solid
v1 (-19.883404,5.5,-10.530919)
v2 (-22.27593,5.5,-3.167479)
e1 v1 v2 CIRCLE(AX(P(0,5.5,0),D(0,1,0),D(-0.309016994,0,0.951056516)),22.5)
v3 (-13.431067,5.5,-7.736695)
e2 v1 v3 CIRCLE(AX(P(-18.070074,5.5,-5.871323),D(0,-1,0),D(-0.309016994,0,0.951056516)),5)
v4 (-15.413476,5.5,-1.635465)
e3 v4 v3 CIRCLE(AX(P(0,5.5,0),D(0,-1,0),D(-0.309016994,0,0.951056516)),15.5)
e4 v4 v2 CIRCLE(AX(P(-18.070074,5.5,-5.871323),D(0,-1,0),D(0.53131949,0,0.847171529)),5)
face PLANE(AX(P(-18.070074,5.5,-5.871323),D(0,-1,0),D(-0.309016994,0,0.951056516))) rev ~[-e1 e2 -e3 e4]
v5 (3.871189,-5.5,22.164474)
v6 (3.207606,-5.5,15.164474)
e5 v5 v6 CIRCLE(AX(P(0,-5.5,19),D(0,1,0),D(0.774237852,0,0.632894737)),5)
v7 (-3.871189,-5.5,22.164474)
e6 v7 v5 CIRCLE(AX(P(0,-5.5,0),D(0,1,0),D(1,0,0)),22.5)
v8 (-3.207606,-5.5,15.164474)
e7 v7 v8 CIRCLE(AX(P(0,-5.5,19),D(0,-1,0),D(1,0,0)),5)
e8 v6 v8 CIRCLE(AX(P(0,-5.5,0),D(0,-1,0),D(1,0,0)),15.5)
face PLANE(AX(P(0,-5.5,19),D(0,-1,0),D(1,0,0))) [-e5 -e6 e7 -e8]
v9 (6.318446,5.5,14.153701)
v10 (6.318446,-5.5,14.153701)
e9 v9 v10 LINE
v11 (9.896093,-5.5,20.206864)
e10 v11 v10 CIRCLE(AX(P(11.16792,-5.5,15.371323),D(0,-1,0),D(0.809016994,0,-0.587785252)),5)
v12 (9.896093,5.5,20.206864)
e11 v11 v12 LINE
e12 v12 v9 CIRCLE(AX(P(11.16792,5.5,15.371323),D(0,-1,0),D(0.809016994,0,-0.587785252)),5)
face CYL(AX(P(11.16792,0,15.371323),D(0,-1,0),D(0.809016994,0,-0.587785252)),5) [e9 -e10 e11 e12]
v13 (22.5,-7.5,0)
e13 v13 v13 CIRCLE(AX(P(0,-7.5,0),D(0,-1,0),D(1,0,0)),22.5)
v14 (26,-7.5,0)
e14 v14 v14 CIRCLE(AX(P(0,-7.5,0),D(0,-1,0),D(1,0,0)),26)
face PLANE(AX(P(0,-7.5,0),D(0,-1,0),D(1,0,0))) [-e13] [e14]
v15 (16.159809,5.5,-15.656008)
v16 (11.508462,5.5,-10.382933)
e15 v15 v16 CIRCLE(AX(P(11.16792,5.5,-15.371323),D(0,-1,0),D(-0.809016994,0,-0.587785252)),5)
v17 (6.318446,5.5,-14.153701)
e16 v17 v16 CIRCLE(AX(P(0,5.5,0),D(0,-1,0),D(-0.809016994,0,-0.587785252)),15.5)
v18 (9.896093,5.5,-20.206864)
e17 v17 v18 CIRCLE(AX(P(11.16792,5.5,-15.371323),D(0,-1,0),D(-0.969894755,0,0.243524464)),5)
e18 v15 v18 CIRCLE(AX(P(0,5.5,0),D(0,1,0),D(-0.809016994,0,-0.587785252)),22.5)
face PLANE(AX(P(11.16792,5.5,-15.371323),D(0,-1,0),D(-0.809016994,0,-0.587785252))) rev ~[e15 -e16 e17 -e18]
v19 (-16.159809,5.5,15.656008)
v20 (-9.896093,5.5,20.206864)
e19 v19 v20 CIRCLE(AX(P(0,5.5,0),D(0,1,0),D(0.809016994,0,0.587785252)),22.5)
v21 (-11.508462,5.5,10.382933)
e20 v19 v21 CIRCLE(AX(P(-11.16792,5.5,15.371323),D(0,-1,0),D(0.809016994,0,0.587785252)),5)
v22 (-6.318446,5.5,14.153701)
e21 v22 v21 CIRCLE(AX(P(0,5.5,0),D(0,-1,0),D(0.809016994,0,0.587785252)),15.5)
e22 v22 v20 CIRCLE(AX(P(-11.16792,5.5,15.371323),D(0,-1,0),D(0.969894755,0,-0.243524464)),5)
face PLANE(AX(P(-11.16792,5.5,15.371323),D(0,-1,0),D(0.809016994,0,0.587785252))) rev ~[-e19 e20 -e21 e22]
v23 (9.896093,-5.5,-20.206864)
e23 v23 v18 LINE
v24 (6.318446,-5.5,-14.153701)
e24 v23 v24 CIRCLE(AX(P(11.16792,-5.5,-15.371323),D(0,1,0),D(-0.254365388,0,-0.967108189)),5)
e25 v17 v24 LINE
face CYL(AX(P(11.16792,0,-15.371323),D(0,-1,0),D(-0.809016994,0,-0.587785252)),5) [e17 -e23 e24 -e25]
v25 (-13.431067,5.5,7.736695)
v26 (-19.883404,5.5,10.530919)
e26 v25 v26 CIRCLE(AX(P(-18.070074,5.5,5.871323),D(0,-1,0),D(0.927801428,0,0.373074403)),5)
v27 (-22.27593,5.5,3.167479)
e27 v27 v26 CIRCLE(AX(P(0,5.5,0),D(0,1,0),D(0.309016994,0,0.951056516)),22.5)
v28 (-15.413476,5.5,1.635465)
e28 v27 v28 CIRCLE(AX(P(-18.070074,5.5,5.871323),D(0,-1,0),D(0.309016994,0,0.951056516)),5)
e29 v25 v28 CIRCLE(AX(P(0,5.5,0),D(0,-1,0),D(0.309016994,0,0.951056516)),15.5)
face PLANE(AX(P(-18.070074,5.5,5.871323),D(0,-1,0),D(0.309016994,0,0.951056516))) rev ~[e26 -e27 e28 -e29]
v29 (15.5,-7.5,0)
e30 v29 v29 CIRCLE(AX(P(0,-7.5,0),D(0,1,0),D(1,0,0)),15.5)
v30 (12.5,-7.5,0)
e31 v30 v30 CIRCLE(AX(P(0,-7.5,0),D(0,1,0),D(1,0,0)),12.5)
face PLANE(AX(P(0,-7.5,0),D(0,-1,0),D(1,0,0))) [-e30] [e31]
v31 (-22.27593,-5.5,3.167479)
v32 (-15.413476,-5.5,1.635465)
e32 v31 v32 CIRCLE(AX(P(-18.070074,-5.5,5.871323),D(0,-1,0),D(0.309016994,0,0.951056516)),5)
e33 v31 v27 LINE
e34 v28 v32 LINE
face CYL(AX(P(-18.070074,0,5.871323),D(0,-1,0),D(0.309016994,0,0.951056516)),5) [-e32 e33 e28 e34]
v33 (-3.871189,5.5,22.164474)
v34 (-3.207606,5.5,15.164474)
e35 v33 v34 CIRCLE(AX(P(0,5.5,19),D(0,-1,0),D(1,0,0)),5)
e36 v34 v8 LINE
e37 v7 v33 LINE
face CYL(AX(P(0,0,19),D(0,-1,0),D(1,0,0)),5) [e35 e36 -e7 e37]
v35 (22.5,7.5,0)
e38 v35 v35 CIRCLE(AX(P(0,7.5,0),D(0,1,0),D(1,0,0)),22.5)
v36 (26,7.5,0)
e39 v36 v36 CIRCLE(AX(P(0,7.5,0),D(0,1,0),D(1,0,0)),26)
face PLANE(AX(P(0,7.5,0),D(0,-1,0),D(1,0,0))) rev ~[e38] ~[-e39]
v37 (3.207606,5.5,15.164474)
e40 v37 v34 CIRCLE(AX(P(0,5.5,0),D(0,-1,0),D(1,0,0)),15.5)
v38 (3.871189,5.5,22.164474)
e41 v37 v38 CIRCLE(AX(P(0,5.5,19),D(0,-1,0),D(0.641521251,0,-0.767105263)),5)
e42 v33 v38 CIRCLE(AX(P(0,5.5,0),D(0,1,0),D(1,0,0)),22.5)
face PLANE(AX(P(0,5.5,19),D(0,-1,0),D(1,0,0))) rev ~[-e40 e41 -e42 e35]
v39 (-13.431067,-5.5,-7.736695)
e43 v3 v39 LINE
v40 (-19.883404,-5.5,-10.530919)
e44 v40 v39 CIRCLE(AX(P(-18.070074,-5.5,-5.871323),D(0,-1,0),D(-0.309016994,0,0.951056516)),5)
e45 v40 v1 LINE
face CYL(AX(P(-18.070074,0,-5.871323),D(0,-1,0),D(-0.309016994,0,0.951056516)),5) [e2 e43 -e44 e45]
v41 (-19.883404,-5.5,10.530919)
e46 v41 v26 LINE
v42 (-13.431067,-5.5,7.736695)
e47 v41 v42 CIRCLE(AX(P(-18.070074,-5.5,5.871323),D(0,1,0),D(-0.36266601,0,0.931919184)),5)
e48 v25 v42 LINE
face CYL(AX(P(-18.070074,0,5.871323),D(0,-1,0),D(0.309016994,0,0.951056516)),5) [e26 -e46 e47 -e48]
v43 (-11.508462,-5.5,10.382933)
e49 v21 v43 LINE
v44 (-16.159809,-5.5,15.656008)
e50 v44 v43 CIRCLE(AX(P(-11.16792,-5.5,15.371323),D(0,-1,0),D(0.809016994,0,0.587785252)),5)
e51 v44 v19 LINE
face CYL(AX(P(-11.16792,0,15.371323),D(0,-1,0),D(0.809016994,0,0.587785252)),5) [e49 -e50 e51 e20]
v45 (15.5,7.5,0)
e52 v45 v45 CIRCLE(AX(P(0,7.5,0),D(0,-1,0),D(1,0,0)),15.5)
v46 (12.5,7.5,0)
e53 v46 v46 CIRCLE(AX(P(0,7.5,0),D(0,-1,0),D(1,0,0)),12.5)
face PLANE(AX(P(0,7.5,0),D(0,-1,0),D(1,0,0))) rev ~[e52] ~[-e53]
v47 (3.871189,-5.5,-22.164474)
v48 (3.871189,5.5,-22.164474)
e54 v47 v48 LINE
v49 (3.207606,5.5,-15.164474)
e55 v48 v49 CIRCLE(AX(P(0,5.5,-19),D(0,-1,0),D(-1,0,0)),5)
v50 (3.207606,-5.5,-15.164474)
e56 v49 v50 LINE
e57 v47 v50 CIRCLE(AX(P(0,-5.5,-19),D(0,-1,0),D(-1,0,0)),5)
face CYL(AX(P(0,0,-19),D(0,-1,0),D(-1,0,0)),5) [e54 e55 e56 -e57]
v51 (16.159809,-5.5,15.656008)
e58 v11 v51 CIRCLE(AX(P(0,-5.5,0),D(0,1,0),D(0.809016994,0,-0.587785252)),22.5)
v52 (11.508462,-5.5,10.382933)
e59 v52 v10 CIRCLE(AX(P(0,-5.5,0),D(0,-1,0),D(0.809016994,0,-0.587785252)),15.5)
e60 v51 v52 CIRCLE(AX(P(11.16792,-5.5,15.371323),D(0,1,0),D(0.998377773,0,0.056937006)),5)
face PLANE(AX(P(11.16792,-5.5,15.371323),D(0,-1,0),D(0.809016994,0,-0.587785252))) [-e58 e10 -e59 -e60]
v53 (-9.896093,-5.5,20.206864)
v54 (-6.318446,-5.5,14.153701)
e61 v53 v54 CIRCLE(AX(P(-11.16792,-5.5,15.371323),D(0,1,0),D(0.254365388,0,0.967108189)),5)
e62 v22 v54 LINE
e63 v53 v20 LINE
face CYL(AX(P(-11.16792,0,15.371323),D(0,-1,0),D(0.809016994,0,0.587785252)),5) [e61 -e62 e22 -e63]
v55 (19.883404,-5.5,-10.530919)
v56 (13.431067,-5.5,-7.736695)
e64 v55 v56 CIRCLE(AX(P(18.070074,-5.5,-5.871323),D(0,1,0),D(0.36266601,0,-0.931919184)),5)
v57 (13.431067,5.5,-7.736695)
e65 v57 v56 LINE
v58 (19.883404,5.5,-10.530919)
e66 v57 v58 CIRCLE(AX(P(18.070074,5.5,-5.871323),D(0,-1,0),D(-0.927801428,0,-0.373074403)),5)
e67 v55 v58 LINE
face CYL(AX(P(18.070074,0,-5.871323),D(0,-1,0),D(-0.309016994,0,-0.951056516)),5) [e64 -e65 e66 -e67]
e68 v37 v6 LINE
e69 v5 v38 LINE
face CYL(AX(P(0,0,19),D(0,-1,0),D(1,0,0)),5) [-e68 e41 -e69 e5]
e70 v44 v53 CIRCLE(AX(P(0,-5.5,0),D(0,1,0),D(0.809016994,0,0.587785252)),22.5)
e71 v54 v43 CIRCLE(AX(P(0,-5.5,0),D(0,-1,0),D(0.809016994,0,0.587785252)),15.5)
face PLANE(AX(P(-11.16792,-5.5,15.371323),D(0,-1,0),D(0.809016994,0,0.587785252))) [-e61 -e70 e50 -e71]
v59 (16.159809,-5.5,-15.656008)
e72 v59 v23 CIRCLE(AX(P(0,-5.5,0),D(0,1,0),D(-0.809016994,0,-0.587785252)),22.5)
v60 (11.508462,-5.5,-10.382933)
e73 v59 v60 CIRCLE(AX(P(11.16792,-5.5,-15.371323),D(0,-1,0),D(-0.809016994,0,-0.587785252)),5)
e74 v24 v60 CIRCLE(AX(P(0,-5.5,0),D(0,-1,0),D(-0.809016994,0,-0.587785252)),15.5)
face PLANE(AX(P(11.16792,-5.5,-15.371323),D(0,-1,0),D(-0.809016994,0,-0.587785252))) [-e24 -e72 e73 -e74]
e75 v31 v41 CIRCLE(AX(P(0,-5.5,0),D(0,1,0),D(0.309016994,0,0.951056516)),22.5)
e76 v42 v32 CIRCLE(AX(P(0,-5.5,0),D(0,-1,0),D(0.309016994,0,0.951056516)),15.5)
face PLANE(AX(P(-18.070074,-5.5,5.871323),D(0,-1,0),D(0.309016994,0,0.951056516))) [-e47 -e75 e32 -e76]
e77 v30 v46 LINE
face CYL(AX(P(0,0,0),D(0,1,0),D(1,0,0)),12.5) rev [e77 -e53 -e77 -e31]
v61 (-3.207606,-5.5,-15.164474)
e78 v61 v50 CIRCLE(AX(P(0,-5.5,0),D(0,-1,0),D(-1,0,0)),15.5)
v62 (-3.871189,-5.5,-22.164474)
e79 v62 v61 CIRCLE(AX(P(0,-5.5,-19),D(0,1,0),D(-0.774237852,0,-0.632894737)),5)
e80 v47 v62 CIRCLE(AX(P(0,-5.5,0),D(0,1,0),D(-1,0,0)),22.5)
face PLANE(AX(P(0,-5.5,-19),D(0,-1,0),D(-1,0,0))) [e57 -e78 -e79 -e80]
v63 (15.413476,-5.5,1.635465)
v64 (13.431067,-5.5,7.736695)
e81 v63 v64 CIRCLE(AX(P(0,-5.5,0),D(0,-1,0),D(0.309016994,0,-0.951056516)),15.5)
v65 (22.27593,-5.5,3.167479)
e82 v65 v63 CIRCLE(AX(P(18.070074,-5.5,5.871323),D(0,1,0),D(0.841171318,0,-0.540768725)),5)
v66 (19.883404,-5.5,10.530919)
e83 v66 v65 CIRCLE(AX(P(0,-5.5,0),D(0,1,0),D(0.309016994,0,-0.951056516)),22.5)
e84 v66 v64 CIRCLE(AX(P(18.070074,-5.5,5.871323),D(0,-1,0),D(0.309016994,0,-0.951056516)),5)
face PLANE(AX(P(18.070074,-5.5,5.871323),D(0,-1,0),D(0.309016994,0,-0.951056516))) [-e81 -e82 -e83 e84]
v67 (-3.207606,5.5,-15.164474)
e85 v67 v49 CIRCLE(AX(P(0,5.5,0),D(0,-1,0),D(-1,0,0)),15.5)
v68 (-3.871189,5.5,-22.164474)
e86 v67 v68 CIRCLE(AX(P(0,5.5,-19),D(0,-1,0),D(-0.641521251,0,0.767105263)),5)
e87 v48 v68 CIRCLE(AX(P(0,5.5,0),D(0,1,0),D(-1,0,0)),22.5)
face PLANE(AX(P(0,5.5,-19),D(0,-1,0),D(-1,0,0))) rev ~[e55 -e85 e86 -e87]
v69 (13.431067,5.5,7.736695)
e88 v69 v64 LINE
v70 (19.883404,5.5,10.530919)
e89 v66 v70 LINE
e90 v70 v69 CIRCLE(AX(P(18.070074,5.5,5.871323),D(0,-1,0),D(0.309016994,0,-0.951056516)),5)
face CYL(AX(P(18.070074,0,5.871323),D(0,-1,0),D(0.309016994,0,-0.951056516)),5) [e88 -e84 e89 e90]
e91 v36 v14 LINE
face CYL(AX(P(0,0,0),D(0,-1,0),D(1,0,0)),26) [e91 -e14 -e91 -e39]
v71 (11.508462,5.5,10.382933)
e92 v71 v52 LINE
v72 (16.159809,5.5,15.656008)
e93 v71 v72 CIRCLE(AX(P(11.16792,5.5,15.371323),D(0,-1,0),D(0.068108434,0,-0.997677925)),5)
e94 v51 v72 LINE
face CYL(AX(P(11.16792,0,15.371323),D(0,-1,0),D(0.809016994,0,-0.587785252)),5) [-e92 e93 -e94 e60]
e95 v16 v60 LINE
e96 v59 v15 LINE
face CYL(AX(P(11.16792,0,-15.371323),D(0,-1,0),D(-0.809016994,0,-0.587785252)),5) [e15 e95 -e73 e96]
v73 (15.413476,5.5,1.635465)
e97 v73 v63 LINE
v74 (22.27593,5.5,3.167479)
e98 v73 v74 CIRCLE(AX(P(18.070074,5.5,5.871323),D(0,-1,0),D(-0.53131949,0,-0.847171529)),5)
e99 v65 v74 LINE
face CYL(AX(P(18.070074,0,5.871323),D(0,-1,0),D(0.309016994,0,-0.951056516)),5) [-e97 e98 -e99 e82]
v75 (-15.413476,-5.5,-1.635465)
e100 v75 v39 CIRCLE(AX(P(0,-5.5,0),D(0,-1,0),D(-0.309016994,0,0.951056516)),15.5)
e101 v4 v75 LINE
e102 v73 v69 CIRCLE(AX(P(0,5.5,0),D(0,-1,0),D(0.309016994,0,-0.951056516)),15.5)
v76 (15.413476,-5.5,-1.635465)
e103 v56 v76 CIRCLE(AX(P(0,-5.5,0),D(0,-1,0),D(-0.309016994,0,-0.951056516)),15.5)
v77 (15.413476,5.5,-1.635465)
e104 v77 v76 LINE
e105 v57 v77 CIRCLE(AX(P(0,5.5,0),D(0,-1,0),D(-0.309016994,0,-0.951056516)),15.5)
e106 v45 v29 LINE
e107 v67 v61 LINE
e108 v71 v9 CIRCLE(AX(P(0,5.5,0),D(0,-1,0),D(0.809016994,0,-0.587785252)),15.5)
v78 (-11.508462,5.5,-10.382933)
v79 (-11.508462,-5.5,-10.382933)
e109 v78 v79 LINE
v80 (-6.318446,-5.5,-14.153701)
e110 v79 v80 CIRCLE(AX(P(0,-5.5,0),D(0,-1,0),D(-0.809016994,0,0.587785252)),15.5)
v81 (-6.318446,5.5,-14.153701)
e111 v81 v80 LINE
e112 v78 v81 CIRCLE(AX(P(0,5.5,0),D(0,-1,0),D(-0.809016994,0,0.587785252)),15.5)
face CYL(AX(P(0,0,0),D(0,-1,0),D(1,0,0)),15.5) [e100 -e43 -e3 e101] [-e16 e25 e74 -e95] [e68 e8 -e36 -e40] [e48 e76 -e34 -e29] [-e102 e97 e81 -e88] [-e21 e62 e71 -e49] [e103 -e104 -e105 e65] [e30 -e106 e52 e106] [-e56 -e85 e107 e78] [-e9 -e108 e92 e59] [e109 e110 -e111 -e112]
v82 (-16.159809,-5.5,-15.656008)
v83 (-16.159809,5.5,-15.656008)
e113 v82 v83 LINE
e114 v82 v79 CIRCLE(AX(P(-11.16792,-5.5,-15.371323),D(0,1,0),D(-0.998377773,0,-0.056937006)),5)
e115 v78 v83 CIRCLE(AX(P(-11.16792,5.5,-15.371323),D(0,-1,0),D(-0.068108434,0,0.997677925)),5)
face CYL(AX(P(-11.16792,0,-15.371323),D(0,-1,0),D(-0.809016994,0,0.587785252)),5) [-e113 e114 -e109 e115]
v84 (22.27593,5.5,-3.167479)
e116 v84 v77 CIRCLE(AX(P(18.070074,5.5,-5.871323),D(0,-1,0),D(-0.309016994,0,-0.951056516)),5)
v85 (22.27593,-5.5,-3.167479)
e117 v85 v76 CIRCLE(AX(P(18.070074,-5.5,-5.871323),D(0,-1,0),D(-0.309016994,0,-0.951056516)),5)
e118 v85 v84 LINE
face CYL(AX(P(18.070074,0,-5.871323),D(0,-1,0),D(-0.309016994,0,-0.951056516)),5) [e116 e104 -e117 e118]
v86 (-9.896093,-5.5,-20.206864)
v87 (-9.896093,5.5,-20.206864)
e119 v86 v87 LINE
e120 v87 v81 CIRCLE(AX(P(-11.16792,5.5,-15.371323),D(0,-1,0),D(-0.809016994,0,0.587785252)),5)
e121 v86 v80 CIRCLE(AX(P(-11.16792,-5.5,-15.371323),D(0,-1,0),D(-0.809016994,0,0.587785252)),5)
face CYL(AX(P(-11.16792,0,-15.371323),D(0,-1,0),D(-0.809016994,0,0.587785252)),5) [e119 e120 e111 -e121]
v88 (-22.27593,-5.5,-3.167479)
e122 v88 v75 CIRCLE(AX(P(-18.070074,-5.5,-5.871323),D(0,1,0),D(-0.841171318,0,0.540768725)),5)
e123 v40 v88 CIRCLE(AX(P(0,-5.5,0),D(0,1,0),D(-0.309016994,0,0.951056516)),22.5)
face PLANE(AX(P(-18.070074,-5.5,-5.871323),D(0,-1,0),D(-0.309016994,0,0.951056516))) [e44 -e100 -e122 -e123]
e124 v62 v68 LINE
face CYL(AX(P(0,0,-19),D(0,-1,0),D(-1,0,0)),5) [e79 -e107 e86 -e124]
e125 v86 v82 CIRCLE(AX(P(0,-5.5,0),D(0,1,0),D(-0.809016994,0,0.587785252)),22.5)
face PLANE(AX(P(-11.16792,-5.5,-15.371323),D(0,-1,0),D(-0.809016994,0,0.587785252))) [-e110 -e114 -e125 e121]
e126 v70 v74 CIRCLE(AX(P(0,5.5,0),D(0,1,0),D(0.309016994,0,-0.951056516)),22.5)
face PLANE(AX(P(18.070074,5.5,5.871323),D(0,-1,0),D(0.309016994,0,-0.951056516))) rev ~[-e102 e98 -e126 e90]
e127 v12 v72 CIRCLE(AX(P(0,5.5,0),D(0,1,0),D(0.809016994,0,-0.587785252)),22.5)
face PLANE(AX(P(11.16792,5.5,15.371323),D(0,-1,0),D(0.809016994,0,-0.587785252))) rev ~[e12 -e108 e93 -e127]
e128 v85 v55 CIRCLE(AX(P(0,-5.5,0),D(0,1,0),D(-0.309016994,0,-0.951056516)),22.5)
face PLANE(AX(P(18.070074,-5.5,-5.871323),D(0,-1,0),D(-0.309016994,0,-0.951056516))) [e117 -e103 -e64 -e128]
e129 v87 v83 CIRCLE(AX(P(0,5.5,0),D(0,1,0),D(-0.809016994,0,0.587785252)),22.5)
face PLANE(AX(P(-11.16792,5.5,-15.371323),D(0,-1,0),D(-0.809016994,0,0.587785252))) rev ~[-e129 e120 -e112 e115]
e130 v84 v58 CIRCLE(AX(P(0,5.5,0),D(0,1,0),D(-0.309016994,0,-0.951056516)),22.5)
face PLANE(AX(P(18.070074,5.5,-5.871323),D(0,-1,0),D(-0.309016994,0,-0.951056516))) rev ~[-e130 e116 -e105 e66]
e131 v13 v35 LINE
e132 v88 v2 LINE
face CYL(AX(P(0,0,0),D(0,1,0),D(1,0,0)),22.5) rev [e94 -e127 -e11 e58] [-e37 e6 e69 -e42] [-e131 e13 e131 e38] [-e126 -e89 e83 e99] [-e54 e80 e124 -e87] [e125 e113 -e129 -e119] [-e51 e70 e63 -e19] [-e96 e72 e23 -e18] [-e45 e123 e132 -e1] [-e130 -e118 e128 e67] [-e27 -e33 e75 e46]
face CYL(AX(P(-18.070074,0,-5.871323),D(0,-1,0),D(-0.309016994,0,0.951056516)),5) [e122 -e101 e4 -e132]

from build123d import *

# Parameters (mm, degrees)
F0_R     = 26
F0_R_2   = 22.5
F1_DEPTH = 7.5
F0_R_3   = 15.5
F0_R_4   = 12.5
F2_R     = 5
F3_DEPTH = 5.5
F4_COUNT = 10


with BuildPart() as f1:
    # F0 (on Front) → F1 (new body, symmetric)
    with BuildSketch(Plane.XZ):
        Circle(F0_R)
        Circle(F0_R_2, mode=Mode.SUBTRACT)
    extrude(amount=F1_DEPTH, both=True)



with BuildPart() as f1b:
    # F0 (on Front) → F1, piece 2 (new body, symmetric)
    with BuildSketch(Plane.XZ):
        Circle(F0_R_3)
        Circle(F0_R_4, mode=Mode.SUBTRACT)
    extrude(amount=F1_DEPTH, both=True)


with BuildPart() as f1_1:
    add(f1.part)

    add(f1b.part)  # F3 merges F1b
    # F2 (on Front) → F3 (join, symmetric)
    with BuildSketch(Plane.XZ):
        with Locations((0, 19)):
            Circle(F2_R)
    extrude(amount=F3_DEPTH, both=True)

    # F4: F1 ×10 about axis
    f4_axis = Axis((0, -7.5, 0), (0, -1, 0))


with BuildPart() as f1_2:
    add(f1_1.part)
    for i in range(1, F4_COUNT):
        add(f1_1.part.rotate(f4_axis, i * 360 / F4_COUNT))


solid = f1_2.part
